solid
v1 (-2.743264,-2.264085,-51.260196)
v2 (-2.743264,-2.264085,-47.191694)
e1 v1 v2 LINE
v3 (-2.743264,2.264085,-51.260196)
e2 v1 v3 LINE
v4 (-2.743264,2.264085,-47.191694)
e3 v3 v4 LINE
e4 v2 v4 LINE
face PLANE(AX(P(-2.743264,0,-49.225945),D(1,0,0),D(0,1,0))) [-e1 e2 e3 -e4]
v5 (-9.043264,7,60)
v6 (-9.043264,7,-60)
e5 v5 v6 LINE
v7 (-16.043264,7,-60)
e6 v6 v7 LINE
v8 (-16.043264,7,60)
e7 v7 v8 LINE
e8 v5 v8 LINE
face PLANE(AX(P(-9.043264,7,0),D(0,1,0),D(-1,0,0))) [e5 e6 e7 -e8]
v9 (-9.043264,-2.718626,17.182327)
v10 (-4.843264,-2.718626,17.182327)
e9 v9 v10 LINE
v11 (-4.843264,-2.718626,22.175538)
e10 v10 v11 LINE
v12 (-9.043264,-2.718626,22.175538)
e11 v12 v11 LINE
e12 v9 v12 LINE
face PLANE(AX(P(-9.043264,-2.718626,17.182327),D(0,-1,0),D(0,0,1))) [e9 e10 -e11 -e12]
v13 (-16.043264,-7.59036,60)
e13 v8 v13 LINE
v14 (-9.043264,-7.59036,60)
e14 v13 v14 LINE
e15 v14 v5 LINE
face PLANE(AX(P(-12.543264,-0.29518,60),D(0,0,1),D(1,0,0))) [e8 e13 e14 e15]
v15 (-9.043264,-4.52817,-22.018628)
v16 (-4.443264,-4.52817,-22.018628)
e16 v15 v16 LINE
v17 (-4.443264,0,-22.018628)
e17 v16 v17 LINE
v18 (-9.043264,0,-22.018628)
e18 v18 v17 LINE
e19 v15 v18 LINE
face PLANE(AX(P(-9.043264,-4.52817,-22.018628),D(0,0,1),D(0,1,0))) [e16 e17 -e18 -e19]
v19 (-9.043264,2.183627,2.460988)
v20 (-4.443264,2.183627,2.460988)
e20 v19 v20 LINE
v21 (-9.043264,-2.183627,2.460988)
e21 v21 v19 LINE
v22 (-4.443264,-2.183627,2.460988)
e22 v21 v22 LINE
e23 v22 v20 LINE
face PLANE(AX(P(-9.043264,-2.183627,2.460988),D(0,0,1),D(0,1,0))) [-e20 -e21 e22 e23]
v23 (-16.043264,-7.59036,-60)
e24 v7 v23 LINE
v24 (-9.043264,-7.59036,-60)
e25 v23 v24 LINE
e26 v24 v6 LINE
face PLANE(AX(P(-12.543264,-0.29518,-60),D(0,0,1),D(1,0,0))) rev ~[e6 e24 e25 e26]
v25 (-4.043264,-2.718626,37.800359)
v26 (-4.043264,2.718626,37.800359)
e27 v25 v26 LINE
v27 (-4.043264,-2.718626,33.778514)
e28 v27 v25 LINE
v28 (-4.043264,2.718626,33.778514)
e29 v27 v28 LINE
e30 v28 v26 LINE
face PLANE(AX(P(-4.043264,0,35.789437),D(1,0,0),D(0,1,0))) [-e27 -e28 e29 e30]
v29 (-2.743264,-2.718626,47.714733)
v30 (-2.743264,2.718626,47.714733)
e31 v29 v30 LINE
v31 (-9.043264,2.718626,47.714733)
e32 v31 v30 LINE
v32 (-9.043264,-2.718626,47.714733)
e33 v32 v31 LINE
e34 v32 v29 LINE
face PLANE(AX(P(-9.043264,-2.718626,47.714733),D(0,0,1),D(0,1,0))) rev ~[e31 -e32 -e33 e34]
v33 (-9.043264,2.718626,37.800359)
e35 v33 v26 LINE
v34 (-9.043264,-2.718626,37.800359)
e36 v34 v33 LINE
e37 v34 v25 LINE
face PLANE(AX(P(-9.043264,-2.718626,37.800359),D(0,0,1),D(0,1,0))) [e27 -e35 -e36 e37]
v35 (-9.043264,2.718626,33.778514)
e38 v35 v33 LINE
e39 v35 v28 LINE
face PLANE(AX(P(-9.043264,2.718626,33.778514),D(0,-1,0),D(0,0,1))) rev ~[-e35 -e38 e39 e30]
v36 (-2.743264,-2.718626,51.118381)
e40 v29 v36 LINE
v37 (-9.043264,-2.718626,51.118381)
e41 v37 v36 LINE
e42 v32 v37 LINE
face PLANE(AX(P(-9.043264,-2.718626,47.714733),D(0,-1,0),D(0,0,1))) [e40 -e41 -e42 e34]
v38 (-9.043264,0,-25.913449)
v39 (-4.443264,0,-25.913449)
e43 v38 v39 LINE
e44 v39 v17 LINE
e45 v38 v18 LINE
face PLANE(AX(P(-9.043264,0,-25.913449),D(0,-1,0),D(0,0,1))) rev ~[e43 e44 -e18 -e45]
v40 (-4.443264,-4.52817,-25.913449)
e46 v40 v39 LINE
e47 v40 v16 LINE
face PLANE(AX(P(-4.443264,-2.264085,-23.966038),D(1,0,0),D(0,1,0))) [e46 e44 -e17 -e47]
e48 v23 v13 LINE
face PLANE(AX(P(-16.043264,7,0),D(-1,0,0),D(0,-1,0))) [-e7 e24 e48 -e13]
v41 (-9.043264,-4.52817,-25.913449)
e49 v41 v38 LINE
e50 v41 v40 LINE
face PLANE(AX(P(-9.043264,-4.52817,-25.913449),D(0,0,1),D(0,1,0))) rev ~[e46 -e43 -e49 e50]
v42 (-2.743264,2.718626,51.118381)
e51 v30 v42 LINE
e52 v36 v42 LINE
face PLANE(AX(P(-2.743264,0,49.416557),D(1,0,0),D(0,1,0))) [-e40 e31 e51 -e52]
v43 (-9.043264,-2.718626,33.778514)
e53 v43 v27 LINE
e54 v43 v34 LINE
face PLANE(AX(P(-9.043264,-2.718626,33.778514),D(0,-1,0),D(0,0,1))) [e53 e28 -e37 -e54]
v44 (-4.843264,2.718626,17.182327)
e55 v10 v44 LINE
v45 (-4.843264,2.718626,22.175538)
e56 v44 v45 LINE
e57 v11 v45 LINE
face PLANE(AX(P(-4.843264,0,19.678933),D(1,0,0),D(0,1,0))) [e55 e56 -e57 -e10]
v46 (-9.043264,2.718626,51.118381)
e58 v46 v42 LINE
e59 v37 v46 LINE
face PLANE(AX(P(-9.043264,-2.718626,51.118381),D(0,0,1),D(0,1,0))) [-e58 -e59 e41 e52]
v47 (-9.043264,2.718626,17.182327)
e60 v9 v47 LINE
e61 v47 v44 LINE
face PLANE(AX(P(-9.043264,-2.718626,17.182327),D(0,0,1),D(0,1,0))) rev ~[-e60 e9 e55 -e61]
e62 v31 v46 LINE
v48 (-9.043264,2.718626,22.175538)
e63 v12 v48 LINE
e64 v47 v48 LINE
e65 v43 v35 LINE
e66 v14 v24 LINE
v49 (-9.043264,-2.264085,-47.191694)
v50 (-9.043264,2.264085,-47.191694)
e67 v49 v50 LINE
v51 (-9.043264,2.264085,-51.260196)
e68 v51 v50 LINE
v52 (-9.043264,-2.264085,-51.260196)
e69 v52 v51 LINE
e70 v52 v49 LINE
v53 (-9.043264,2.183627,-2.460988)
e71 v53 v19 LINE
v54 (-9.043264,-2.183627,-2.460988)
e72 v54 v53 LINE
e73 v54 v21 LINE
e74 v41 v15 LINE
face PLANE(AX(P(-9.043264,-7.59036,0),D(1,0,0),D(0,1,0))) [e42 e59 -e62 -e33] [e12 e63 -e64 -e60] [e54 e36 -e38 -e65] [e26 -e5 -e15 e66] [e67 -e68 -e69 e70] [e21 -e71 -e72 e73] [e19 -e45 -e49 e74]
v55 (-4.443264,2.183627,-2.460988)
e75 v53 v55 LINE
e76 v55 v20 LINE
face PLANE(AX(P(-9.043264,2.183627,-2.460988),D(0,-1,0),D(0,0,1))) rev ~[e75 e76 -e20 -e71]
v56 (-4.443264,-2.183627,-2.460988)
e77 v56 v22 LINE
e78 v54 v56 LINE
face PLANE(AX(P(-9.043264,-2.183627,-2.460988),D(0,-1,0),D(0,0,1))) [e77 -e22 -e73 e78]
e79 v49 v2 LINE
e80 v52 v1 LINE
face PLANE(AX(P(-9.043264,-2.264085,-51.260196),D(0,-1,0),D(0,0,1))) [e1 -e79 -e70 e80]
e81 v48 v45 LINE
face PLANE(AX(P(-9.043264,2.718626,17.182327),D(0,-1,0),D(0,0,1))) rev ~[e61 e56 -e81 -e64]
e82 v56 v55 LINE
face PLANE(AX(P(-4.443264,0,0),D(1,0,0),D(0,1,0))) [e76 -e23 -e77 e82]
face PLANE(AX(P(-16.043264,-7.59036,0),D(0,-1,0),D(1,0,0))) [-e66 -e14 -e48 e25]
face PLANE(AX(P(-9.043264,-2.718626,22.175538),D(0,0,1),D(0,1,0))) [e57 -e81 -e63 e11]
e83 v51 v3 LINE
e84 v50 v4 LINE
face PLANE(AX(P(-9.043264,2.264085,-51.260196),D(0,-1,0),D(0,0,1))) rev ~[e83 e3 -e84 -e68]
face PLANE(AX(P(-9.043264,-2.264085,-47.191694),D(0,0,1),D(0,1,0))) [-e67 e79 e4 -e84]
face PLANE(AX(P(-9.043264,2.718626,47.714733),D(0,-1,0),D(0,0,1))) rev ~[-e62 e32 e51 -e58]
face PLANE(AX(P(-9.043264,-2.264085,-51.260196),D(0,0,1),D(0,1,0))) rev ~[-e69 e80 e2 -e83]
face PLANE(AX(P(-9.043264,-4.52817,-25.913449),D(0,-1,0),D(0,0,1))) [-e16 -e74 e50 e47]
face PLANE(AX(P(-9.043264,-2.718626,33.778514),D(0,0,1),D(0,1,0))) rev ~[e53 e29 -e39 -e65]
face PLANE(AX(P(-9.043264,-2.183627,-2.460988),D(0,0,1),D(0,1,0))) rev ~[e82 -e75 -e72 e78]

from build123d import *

# Parameters (mm, degrees)
F1_DEPTH = 60
F2_W     = 5.437252
F2_H     = 3.403648
F2_W_2   = 4.52817
F2_H_2   = 4.068502
F3_DEPTH = 6.3
F2_H_3   = 4.993211
F4_DEPTH = 4.2
F2_H_4   = 4.021845
F5_DEPTH = 5
F2_W_3   = 4.367254
F2_H_5   = 4.921976
F6_DEPTH = 4.6
F2_H_6   = 3.894821
F7_DEPTH = 4.6


with BuildPart() as f1:
    # F0 (on Top) → F1 (new body, symmetric)
    with BuildSketch(Plane.XY):
        Polygon((-9.043264, 0), (-9.043264, 7), (-16.043264, 7), (-16.043264, 0), (-16.043264, -7.59036), (-9.043264, -7.59036), align=None)
    extrude(amount=F1_DEPTH, both=True)

    # F2 (on face) → F3 (join)
    with BuildSketch(Plane.YZ.offset(-9.043264)):
        with Locations((0, 49.416557)):
            Rectangle(F2_W, F2_H)
        with Locations((0, -49.225945)):
            Rectangle(F2_W_2, F2_H_2)
    extrude(amount=F3_DEPTH)

    # F2 (on face) → F4 (join)
    with BuildSketch(Plane.YZ.offset(-9.043264)):
        with Locations((0, 19.678933)):
            Rectangle(F2_W, F2_H_3)
    extrude(amount=F4_DEPTH)

    # F2 (on face) → F5 (join)
    with BuildSketch(Plane.YZ.offset(-9.043264)):
        with Locations((0, 35.789437)):
            Rectangle(F2_W, F2_H_4)
    extrude(amount=F5_DEPTH)

    # F2 (on face) → F6 (join)
    with BuildSketch(Plane.YZ.offset(-9.043264)):
        Rectangle(F2_W_3, F2_H_5)
    extrude(amount=F6_DEPTH)

    # F2 (on face) → F7 (join)
    with BuildSketch(Plane.YZ.offset(-9.043264)):
        with Locations((-2.264085, -23.966038)):
            Rectangle(F2_W_2, F2_H_6)
    extrude(amount=F7_DEPTH)


solid = f1.part
